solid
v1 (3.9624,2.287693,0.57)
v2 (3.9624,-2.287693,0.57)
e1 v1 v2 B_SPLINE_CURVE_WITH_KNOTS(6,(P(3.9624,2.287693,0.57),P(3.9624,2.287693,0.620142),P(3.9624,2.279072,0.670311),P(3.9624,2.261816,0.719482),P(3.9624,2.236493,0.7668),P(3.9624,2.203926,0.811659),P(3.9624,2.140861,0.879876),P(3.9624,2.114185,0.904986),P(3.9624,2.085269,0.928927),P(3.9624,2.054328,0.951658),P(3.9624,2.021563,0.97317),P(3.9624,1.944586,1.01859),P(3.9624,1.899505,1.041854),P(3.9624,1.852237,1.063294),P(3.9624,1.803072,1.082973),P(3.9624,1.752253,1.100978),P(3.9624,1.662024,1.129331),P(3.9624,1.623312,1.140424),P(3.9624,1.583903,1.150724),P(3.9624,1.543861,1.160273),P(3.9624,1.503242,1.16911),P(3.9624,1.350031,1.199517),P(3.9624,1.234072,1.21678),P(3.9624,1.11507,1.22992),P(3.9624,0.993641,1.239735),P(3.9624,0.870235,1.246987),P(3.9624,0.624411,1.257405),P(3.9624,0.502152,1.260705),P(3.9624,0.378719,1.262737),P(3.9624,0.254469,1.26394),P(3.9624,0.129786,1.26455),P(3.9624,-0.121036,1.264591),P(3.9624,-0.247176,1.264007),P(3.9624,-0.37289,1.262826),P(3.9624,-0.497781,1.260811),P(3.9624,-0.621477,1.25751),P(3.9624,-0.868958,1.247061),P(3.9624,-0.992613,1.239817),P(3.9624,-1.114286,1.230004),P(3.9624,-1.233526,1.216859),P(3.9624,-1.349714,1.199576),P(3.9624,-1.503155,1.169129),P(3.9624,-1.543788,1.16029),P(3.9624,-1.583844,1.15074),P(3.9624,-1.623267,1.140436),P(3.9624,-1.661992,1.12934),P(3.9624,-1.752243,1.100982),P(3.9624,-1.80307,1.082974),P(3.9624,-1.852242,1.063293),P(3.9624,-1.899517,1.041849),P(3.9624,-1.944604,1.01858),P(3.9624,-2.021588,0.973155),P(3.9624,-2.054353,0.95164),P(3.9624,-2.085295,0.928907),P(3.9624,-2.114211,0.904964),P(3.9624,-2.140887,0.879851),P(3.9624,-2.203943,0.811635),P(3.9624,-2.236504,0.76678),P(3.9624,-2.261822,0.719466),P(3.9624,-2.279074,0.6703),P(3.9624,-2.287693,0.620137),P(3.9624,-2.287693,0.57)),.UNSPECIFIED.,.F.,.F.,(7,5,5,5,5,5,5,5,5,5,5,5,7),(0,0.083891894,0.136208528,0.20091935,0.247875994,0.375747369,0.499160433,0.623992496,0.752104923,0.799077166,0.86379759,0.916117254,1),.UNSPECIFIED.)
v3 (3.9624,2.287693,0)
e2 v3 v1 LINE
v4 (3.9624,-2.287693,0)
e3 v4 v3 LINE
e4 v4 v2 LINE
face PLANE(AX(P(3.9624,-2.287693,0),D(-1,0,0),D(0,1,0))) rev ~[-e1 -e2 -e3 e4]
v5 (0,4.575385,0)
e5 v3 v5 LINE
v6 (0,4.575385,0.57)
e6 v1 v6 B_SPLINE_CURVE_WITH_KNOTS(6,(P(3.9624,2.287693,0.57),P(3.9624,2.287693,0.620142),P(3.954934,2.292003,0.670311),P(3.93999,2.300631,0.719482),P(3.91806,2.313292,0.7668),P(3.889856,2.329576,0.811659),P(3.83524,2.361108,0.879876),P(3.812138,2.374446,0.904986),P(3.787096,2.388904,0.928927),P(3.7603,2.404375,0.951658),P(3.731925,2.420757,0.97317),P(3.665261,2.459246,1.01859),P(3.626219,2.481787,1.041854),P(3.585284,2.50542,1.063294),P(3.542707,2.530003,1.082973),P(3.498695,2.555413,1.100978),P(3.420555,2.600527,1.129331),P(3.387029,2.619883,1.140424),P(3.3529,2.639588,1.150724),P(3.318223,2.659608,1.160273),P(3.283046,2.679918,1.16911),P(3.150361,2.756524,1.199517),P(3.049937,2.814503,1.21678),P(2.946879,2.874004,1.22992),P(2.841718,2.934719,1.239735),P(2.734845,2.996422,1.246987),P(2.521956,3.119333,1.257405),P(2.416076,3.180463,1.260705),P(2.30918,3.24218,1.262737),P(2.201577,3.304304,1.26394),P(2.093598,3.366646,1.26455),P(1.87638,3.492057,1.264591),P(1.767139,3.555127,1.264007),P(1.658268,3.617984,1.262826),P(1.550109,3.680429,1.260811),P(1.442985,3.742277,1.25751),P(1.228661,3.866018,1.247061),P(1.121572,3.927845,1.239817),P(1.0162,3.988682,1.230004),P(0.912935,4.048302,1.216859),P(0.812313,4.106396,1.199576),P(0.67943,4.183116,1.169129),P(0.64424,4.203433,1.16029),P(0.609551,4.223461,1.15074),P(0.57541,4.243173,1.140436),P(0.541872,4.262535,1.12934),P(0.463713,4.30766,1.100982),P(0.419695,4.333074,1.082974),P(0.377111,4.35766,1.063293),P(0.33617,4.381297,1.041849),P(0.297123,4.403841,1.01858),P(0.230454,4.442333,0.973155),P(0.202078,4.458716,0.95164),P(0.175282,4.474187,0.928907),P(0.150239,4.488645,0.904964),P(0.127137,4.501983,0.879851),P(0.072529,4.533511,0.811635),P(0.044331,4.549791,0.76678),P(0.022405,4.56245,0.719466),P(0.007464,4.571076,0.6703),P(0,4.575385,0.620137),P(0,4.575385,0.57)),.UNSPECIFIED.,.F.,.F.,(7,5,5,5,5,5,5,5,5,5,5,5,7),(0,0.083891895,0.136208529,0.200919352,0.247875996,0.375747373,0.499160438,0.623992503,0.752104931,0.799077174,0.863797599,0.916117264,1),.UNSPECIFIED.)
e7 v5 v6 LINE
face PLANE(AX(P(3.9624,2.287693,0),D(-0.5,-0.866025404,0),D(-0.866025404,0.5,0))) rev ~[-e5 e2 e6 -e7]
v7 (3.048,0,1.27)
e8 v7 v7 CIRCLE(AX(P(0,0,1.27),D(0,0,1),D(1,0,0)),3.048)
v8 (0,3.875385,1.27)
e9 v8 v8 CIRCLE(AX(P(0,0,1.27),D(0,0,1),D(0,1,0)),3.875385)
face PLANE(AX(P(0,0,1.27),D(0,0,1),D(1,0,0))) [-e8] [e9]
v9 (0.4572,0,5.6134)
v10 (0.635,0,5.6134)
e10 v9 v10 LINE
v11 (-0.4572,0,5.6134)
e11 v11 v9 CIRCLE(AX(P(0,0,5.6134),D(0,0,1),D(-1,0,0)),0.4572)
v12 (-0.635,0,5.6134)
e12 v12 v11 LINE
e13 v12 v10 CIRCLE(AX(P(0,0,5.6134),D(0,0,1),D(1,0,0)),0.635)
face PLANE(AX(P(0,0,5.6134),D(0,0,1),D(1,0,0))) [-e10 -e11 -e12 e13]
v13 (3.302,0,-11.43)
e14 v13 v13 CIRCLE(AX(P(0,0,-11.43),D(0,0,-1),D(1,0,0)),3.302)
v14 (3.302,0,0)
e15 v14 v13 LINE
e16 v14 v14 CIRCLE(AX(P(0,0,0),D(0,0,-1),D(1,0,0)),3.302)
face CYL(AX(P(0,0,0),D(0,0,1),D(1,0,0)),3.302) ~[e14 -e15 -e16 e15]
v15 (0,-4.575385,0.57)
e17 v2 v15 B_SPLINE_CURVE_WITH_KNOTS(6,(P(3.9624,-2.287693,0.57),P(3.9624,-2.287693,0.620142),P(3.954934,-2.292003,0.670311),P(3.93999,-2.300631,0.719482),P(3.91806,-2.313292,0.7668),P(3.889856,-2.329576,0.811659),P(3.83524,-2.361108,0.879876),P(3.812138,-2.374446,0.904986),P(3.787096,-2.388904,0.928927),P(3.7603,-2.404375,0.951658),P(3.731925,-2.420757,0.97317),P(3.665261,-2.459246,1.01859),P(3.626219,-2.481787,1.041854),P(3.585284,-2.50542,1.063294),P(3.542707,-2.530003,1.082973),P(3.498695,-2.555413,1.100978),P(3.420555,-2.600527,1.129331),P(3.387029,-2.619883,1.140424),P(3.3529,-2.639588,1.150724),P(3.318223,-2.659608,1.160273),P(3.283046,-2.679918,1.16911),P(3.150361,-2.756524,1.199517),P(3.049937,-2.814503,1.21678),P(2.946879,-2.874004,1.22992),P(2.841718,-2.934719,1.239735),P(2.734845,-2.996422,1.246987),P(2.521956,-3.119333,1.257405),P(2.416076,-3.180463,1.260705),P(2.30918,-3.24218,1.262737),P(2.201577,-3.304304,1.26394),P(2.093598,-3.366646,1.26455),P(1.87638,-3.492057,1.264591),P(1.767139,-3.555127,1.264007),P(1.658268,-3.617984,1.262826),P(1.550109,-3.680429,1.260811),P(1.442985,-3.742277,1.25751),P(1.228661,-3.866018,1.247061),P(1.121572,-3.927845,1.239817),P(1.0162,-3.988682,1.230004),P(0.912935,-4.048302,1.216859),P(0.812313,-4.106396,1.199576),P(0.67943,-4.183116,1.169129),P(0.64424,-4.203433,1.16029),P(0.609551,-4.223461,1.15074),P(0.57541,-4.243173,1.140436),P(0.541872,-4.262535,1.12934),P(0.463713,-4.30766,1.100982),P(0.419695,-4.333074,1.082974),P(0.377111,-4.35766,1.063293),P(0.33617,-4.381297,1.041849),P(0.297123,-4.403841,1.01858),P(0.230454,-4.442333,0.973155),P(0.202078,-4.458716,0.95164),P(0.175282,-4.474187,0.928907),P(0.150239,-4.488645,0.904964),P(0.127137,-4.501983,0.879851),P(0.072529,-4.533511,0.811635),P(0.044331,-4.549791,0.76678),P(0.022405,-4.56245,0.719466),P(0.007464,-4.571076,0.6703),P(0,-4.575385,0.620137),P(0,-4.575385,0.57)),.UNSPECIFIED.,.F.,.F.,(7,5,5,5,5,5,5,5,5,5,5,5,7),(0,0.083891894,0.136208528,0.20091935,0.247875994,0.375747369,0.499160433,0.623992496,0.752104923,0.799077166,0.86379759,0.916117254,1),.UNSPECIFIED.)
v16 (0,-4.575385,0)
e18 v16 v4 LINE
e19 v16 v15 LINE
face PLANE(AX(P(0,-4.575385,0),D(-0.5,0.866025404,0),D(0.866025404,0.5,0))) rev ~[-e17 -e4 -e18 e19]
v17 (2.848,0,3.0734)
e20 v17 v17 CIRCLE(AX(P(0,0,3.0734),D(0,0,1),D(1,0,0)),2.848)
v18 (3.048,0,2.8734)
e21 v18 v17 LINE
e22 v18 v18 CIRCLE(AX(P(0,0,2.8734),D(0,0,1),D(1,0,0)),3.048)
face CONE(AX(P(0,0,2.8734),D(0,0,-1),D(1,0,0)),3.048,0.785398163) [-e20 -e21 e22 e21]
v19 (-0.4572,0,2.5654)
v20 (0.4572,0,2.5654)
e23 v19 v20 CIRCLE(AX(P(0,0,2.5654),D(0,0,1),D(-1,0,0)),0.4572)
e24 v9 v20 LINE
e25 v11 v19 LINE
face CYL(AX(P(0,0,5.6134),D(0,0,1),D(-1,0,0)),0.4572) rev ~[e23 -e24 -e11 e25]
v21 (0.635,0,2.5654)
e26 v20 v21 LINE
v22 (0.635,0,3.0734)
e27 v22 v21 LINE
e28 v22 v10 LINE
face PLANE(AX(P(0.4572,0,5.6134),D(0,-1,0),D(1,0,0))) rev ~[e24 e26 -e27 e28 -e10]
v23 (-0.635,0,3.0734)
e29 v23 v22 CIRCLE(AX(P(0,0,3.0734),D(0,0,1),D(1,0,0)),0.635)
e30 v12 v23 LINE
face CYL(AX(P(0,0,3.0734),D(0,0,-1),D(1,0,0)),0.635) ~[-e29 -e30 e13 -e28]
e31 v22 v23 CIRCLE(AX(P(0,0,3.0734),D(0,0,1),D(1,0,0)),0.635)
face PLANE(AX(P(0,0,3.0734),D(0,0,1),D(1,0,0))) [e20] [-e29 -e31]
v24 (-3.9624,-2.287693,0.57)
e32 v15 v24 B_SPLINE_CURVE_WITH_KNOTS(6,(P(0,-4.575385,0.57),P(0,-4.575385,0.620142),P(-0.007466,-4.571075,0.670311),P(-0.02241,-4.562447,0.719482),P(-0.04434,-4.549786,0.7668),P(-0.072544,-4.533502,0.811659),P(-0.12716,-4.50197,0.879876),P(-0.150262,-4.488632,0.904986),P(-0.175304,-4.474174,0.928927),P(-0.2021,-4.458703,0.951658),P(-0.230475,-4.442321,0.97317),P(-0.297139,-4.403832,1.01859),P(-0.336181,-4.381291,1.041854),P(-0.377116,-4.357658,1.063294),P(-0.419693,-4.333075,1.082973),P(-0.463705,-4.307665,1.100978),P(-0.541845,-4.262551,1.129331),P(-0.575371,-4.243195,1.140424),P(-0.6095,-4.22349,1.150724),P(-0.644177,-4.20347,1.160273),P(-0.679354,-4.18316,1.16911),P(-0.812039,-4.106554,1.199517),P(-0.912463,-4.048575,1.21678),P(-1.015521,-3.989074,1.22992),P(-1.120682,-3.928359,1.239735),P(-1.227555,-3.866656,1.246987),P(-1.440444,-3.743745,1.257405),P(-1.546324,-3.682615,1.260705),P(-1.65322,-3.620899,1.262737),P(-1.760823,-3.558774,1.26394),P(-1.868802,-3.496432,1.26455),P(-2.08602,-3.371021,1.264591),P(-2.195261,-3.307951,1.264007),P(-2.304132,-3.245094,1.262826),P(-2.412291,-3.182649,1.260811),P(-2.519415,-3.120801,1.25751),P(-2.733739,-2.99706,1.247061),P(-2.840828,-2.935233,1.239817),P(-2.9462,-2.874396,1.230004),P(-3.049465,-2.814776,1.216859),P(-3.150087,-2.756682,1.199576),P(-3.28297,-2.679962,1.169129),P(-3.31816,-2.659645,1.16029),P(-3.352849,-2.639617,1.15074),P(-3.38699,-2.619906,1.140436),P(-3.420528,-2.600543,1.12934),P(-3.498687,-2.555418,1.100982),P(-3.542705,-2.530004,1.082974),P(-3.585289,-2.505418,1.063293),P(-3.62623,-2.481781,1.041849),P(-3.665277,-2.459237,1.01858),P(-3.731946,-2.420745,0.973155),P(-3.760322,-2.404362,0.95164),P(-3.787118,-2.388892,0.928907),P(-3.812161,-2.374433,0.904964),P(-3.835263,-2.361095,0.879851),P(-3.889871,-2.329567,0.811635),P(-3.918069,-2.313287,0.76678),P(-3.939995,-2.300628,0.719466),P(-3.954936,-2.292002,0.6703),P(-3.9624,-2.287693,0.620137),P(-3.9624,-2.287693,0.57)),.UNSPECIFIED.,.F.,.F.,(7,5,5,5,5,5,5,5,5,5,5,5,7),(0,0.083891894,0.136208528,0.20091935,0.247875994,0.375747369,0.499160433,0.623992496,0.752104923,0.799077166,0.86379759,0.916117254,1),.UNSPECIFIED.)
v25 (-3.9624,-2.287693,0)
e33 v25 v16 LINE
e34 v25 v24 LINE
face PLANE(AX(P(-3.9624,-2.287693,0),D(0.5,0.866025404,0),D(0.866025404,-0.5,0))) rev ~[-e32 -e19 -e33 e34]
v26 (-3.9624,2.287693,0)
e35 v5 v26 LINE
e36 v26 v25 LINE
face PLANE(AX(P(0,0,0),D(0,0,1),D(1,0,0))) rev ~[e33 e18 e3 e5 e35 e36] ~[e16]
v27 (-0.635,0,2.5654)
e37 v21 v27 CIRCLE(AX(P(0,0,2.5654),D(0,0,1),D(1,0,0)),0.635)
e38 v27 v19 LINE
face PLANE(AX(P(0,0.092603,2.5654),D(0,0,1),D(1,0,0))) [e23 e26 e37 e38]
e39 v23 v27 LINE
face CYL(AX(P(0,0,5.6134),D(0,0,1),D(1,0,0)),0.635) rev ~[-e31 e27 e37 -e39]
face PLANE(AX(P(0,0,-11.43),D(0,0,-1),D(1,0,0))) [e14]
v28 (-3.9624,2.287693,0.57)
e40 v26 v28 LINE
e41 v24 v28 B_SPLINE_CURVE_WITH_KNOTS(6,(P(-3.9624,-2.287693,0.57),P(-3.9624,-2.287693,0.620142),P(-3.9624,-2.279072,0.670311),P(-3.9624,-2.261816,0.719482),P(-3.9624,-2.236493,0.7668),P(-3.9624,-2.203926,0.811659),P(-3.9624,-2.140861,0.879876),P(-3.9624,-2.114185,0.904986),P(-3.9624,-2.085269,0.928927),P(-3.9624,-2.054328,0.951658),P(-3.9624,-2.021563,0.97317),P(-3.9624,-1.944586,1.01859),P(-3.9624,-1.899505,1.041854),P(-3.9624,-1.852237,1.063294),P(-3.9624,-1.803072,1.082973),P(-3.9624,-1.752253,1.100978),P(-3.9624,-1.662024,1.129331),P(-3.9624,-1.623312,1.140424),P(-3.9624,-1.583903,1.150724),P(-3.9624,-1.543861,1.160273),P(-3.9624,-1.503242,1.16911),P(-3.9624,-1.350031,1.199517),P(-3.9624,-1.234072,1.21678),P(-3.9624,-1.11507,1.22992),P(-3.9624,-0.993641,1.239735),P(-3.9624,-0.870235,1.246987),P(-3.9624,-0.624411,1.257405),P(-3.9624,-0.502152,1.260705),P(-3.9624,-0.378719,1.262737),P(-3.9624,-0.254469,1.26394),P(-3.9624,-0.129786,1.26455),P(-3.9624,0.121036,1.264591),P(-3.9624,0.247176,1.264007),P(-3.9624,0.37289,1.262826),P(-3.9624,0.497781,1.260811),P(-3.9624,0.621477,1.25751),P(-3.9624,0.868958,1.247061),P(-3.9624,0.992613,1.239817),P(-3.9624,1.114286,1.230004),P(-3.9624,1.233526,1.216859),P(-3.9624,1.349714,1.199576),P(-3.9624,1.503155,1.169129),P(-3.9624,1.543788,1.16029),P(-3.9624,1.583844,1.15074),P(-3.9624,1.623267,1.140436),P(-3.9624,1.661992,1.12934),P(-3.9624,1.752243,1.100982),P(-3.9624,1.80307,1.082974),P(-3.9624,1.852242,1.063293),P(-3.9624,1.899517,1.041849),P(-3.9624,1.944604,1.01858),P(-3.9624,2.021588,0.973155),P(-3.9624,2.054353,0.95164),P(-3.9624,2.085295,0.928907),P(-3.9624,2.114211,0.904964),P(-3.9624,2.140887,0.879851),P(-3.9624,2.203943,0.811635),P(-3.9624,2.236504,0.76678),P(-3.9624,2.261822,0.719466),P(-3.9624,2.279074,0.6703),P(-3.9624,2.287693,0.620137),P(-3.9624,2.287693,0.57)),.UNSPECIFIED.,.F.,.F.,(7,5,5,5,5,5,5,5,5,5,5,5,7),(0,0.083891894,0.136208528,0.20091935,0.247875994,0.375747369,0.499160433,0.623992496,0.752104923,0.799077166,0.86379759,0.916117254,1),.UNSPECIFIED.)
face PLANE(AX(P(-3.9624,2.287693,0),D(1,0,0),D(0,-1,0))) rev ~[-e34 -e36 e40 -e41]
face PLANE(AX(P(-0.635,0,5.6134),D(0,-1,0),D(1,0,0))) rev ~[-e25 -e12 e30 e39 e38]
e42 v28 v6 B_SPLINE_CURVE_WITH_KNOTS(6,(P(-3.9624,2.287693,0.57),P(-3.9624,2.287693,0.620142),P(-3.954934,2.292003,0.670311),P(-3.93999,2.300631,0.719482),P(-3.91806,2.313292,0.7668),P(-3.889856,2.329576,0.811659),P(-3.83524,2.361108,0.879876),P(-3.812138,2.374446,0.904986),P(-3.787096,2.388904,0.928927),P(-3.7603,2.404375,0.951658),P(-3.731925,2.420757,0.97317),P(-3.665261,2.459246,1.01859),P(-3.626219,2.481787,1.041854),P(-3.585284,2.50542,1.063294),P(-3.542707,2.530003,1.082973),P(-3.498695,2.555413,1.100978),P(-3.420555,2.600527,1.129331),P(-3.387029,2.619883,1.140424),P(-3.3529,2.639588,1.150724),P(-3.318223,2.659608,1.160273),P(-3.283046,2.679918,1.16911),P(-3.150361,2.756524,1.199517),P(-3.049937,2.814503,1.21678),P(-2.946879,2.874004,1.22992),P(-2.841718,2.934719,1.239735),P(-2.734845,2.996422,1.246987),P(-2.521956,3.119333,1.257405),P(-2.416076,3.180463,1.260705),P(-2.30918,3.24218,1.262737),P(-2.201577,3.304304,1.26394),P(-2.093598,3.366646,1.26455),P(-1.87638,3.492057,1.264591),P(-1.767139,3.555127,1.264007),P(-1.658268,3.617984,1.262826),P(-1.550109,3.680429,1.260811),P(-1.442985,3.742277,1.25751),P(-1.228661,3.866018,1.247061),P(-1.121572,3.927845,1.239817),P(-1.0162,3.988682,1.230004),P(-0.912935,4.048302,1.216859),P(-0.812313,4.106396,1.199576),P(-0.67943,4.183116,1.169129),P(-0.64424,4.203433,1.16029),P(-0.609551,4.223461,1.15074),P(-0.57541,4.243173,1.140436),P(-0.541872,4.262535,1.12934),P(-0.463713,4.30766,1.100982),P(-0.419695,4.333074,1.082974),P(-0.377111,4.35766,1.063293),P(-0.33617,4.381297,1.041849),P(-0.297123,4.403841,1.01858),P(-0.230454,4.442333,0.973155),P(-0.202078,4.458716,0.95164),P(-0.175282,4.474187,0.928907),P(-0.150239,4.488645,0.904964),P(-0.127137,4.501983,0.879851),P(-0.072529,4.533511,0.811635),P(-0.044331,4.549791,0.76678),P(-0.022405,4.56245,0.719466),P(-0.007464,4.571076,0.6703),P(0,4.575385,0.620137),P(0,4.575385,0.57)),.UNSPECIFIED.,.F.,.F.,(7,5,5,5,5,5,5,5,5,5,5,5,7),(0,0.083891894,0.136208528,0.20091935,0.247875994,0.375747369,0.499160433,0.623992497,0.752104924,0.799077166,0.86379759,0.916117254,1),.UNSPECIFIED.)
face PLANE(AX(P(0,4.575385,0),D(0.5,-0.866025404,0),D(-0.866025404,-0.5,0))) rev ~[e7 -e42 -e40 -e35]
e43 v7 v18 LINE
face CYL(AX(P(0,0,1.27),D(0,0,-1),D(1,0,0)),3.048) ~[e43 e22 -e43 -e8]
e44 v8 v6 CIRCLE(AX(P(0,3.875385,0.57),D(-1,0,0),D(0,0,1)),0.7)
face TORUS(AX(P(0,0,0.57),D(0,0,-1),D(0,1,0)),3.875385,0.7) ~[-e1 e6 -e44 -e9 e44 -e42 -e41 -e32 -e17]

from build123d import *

# Parameters (mm, degrees)
F2_DEPTH  = 1.27
F5_R      = 3.048
F6_DEPTH  = 1.8034
F7_SIZE   = 0.2
F8_R      = 0.635
F9_DEPTH  = 2.54
F11_DEPTH = 3.048
F12_R     = 3.302
F13_DEPTH = 11.43


with BuildPart() as f2:
    # F1 (on Top) → F2 (new body)
    with BuildSketch(Plane.XY):
        Polygon((3.9624, 2.2876927066), (0, 4.5753854133), (-3.9624, 2.2876927066), (-3.9624, -2.2876927066), (0, -4.5753854133), (3.9624, -2.2876927066), align=None)
    extrude(amount=F2_DEPTH)

    # F3 (on Right) → F4 (revolve, cut)
    with BuildSketch(Plane.YZ):
        with BuildLine():
            ThreePointArc((3.8753854133, 1.27), (4.3703601601, 1.0649747468), (4.5753854133, 0.57))
            Line((4.5753854133, 0.57), (4.5753854133, 1.27))
            Line((4.5753854133, 1.27), (3.8753854133, 1.27))
        make_face()
    revolve(axis=Axis((0, 0, -1.1243047193), (0, 0, 1)), mode=Mode.SUBTRACT)

    # F5 (on face) → F6 (join)
    with BuildSketch(Plane.XY.offset(1.27)):
        Circle(F5_R)
    extrude(amount=F6_DEPTH)

    # F7
    f7_edges = [f2.edges().sort_by_distance(p)[0] for p in [
        (-3.048, 0, 3.0734),
    ]]
    chamfer(f7_edges, length=F7_SIZE)

    # F8 (on face) → F9 (join)
    with BuildSketch(Plane.XY.offset(3.0734)):
        Circle(F8_R)
    extrude(amount=F9_DEPTH)

    # F10 (on face) → F11 (cut)
    with BuildSketch(Plane.XY.offset(5.6134)):
        with BuildLine():
            Line((-0.635, 0), (-0.4572, 0))
            ThreePointArc((-0.4572, 0), (0, -0.4572), (0.4572, 0))
            Line((0.4572, 0), (0.635, 0))
            ThreePointArc((0.635, 0), (0, 0.635), (-0.635, 0))
        make_face()
    extrude(amount=-F11_DEPTH, mode=Mode.SUBTRACT)

    # F12 (on face) → F13 (join)
    with BuildSketch(Plane(origin=(0, 0, 0), x_dir=(1, 0, 0), z_dir=(0, 0, -1))):
        Circle(F12_R)
    extrude(amount=F13_DEPTH)


solid = f2.part
